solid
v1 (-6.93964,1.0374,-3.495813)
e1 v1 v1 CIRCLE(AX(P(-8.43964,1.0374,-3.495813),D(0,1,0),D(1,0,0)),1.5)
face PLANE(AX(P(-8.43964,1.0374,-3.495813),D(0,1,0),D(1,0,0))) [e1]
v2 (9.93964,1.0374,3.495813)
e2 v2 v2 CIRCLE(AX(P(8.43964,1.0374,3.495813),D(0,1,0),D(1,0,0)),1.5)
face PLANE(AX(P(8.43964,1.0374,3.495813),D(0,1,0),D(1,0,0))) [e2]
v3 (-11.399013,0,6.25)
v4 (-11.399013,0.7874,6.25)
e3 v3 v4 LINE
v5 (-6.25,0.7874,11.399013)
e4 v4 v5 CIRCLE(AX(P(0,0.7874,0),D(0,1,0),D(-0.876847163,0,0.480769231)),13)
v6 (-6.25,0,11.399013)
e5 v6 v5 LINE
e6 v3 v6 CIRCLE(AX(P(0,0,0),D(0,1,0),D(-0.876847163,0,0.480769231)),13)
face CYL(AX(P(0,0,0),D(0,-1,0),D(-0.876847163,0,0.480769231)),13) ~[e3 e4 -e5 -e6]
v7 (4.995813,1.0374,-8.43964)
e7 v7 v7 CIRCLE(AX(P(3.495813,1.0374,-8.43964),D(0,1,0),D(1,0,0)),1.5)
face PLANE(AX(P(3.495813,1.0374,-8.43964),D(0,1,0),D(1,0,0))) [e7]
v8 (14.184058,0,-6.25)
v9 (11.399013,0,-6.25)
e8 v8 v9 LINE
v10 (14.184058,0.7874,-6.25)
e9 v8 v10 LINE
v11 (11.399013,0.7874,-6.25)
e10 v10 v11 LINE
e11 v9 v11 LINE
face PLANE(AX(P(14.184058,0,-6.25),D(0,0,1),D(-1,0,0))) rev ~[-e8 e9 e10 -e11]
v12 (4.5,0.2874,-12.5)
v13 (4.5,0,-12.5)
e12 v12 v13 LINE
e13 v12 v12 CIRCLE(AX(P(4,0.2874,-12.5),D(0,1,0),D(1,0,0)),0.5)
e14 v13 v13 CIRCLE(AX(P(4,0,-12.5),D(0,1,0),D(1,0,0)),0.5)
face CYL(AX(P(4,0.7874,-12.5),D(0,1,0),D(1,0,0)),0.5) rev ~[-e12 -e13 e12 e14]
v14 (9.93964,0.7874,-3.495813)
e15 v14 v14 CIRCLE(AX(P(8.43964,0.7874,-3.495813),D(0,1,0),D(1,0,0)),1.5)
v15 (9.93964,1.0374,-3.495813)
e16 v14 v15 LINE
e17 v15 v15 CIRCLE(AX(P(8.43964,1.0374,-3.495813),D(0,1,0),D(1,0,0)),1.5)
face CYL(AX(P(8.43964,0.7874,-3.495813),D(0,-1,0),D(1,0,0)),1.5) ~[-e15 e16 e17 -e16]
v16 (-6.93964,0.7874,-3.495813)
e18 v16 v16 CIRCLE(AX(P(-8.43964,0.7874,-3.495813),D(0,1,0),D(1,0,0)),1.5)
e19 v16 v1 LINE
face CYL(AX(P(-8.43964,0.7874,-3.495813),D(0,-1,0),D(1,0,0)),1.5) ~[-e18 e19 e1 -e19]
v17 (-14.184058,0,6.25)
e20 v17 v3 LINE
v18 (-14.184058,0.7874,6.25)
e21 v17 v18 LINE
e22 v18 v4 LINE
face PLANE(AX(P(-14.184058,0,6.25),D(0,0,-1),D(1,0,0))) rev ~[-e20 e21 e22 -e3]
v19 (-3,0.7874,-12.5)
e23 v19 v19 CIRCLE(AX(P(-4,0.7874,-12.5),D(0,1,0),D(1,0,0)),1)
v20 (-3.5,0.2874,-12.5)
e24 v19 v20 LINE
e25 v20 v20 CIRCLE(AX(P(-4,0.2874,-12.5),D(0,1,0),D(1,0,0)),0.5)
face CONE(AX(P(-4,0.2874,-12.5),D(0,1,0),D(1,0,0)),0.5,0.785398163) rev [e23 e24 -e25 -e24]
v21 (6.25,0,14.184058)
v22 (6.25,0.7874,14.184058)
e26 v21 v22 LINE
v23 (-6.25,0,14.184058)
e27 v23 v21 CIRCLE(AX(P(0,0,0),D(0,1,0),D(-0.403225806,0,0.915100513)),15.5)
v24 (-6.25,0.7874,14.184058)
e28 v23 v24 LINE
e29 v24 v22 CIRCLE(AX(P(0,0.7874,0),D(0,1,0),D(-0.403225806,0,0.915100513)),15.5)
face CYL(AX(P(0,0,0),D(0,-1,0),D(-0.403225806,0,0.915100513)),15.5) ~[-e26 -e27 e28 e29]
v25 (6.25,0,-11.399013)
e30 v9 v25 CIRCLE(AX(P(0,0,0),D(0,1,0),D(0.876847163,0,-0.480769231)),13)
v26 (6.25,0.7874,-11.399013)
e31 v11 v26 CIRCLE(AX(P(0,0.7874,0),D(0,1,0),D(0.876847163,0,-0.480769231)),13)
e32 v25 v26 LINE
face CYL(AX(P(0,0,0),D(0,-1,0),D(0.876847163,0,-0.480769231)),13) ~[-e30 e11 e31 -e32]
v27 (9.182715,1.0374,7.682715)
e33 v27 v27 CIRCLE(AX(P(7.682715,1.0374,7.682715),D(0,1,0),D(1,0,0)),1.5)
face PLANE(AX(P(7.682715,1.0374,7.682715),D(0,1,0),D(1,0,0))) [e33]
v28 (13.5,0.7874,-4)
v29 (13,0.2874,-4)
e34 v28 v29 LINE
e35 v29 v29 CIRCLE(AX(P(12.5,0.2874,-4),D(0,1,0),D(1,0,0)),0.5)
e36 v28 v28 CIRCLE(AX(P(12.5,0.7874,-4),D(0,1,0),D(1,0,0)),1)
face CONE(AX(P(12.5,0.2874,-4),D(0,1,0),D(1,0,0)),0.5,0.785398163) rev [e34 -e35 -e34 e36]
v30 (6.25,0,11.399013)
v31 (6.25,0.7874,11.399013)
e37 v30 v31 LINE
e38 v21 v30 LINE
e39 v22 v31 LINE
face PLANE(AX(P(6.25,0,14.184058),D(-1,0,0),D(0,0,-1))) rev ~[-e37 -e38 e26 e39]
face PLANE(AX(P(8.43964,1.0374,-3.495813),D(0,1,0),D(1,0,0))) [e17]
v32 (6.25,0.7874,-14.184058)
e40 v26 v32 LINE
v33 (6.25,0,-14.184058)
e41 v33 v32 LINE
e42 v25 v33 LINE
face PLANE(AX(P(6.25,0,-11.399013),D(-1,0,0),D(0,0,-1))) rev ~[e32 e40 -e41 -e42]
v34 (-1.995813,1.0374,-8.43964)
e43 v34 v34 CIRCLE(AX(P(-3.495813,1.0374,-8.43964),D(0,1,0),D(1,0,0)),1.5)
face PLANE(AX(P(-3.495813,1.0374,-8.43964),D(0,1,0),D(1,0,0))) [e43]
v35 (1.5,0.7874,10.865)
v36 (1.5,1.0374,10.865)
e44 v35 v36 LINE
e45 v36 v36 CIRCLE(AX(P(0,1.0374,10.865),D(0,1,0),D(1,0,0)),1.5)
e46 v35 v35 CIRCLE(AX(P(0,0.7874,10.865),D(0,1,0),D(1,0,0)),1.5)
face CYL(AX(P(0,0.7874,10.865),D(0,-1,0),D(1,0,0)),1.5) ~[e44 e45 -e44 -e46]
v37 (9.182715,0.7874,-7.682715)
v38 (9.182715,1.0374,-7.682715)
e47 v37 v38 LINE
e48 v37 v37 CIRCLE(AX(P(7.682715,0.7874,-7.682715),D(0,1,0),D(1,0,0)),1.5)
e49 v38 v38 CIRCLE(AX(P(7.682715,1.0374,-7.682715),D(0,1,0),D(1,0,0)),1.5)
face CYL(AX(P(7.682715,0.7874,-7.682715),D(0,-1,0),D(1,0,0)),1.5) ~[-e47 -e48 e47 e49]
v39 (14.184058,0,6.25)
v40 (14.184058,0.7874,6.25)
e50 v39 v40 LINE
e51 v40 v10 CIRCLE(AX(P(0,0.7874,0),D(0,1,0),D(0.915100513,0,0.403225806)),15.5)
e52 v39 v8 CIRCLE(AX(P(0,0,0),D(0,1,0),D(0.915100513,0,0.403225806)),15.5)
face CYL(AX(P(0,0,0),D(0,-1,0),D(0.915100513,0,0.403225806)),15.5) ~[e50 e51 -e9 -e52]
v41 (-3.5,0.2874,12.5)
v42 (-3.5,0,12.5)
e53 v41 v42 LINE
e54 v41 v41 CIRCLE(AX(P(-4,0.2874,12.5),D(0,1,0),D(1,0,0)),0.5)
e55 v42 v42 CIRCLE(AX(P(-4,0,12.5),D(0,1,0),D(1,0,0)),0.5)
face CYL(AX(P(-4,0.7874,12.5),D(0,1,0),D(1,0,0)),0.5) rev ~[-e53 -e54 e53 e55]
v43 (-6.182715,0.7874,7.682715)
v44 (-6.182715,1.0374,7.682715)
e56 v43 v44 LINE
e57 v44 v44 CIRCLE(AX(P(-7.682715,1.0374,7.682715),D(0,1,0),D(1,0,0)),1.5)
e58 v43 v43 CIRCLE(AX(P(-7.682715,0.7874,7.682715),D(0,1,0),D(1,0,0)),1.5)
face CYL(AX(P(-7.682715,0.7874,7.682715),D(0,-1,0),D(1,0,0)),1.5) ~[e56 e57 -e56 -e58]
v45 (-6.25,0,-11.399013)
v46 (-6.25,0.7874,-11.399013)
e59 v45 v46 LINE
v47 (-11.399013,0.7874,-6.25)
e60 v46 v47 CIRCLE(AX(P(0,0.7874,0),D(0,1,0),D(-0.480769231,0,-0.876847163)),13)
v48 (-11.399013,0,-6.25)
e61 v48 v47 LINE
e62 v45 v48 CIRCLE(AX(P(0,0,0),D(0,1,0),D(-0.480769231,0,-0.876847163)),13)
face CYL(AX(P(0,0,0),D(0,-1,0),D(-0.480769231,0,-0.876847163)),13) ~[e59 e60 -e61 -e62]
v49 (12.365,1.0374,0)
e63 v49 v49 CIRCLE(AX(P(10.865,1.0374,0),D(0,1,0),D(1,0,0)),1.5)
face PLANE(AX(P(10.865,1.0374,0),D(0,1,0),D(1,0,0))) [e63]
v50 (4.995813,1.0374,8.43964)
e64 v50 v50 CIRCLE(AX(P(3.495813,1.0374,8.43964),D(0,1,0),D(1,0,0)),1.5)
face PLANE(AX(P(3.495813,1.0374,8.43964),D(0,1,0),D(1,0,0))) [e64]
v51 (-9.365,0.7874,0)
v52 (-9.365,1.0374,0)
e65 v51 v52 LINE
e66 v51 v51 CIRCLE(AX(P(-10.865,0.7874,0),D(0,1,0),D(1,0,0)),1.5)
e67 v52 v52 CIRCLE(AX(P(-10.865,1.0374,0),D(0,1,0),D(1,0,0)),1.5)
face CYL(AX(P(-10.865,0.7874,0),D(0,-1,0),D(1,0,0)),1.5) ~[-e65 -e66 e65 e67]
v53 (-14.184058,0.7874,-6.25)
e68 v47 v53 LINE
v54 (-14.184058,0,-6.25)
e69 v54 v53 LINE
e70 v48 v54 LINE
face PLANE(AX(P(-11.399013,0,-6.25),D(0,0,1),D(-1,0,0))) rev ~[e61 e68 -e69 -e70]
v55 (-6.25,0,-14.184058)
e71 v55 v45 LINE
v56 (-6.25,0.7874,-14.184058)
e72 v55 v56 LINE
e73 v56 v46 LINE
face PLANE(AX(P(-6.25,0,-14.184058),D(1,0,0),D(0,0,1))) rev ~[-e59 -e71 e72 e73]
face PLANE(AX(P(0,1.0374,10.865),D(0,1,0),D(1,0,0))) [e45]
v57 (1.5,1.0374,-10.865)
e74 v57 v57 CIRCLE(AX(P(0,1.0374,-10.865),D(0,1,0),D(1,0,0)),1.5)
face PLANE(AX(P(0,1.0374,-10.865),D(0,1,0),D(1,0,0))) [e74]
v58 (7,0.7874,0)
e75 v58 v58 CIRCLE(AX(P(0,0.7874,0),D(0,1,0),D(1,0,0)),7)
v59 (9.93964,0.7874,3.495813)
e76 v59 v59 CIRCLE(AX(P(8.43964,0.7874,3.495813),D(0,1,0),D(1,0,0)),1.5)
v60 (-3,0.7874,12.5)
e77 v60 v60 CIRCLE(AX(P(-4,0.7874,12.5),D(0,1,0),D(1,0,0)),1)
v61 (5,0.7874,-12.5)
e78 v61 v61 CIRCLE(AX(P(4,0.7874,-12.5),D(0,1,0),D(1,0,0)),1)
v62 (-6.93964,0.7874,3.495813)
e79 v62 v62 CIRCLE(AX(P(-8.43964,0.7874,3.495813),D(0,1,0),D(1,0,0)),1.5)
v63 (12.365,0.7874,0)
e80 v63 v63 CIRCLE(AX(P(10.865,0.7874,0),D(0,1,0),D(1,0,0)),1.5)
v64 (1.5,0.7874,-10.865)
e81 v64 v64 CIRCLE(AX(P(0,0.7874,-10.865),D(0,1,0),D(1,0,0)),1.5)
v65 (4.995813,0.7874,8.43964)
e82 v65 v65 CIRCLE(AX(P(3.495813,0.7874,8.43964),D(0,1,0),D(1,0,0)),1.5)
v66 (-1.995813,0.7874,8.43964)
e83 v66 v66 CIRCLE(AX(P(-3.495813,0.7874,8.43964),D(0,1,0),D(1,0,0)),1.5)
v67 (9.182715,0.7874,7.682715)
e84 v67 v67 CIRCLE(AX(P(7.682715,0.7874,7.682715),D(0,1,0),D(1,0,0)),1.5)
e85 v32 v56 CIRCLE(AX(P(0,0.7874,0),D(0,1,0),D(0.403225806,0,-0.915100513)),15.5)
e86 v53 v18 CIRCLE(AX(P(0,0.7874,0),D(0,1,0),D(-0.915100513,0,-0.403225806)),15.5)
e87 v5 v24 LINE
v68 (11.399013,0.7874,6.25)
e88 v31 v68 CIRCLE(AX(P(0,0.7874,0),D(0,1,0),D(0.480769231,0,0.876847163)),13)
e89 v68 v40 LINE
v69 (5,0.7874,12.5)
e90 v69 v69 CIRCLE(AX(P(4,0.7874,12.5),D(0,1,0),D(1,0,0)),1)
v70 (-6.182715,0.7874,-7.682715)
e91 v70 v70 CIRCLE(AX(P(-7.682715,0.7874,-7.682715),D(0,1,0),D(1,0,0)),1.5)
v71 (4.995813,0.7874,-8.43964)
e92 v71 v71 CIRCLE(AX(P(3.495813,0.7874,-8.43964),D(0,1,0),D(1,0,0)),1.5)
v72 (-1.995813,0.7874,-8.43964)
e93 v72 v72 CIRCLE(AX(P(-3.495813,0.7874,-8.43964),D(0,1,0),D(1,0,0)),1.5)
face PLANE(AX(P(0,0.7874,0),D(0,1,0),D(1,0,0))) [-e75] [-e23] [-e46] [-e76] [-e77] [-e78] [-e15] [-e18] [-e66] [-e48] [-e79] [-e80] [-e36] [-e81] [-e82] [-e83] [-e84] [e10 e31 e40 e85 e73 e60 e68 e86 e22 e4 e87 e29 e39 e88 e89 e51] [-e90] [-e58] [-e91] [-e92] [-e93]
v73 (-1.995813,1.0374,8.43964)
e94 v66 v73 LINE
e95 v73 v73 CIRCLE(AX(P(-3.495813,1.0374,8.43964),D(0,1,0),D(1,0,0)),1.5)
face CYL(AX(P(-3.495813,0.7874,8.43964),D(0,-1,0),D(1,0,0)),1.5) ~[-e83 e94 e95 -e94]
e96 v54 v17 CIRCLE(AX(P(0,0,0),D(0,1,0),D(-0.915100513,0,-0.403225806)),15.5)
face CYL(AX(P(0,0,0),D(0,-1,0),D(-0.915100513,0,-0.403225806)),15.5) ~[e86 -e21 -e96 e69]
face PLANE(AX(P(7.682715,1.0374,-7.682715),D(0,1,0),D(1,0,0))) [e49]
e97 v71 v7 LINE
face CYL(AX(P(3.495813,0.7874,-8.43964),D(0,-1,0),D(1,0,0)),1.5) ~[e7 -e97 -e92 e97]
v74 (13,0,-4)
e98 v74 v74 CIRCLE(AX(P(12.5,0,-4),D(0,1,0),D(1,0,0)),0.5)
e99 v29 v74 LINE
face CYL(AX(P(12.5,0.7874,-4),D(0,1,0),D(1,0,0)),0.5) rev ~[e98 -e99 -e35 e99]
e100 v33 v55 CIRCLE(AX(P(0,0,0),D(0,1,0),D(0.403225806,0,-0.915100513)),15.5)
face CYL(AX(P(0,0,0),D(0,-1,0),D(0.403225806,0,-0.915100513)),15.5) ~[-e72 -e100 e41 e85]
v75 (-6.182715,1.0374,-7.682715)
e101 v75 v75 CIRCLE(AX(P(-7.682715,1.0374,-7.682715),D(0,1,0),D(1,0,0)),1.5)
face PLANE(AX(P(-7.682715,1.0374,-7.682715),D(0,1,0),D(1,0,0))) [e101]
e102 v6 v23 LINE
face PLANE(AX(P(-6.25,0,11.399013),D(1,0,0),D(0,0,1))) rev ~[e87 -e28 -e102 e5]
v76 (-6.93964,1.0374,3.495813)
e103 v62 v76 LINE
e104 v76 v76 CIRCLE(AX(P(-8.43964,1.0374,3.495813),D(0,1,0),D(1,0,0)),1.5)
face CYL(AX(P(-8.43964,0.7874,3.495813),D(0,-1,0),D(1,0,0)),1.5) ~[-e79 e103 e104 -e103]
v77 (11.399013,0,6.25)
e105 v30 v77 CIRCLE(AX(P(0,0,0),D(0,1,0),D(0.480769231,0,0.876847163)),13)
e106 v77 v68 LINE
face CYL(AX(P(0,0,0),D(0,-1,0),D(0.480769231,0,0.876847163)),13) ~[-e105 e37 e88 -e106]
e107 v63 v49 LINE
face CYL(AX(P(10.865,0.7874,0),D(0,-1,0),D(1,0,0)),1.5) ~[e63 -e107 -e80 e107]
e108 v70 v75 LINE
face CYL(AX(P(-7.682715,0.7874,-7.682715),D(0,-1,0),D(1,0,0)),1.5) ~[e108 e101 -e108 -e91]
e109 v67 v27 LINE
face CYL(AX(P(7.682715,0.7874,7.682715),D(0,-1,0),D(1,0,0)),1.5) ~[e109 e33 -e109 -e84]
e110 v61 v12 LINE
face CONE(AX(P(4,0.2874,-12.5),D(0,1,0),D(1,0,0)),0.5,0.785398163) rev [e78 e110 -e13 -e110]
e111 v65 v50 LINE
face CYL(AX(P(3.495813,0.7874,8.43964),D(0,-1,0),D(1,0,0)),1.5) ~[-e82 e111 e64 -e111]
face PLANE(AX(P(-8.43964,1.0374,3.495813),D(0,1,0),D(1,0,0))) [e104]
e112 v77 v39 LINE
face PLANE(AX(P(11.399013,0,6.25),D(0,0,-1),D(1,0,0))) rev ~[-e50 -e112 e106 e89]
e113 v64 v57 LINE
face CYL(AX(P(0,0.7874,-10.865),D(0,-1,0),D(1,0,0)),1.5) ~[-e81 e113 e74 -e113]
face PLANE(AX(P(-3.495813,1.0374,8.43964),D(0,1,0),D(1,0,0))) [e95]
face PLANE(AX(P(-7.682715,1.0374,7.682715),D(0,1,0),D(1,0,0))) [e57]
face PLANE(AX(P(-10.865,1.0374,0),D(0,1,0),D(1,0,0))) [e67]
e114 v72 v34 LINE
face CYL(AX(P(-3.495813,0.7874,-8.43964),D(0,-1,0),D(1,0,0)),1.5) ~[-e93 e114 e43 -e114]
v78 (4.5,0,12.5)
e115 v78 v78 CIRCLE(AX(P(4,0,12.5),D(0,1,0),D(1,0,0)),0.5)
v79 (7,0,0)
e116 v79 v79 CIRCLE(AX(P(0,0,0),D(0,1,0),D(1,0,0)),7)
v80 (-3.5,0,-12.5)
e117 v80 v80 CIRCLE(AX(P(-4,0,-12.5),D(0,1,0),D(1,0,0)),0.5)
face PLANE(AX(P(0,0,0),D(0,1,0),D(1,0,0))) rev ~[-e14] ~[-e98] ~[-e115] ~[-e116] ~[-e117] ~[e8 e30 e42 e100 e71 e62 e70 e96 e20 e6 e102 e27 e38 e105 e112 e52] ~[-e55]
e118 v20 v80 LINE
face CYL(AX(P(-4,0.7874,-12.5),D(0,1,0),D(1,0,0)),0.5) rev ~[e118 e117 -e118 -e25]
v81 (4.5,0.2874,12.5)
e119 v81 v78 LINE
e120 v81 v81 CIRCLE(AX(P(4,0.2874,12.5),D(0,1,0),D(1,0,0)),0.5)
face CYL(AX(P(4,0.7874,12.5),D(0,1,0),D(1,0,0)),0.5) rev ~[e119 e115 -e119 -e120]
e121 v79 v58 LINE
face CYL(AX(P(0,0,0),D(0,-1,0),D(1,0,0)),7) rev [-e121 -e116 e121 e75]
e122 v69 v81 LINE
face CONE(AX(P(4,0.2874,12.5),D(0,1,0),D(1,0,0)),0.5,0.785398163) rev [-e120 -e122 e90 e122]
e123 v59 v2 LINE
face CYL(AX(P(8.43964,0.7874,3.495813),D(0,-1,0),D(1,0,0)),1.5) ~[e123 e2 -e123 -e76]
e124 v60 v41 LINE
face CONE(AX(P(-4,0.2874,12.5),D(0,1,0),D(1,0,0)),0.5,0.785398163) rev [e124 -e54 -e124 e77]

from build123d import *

# Parameters (mm, degrees)
SKETCH1_R           = 7
BOSS_EXTRUDE1_DEPTH = 0.7874
SKETCH2_R           = 1.5
BOSS_EXTRUDE2_DEPTH = 0.25
SKETCH3_R           = 0.5
CUT_EXTRUDE1_DEPTH  = 1.7874
CHAMFER1_SIZE       = 0.5


with BuildPart() as part:
    # Sketch1 → Boss-Extrude1 (new body)
    with BuildSketch(Plane(origin=(0, 0, 0), x_dir=(1, 0, 0), z_dir=(0, 1, 0))):
        with BuildLine():
            Line((-6.25, 14.184057953), (-6.25, 11.399013115))
            ThreePointArc((-6.25, 11.399013115), (-9.192388155, 9.192388155), (-11.399013115, 6.25))
            Line((-11.399013115, 6.25), (-14.184057953, 6.25))
            ThreePointArc((-14.184057953, 6.25), (-15.5, 0), (-14.184057953, -6.25))
            Line((-14.184057953, -6.25), (-11.399013115, -6.25))
            ThreePointArc((-11.399013115, -6.25), (-9.192388155, -9.192388155), (-6.25, -11.399013115))
            Line((-6.25, -11.399013115), (-6.25, -14.184057953))
            ThreePointArc((-6.25, -14.184057953), (0, -15.5), (6.25, -14.184057953))
            Line((6.25, -14.184057953), (6.25, -11.399013115))
            ThreePointArc((6.25, -11.399013115), (9.192388155, -9.192388155), (11.399013115, -6.25))
            Line((11.399013115, -6.25), (14.184057953, -6.25))
            ThreePointArc((14.184057953, -6.25), (15.5, 0), (14.184057953, 6.25))
            Line((14.184057953, 6.25), (11.399013115, 6.25))
            ThreePointArc((11.399013115, 6.25), (9.192388155, 9.192388155), (6.25, 11.399013115))
            Line((6.25, 11.399013115), (6.25, 14.184057953))
            ThreePointArc((6.25, 14.184057953), (0, 15.5), (-6.25, 14.184057953))
        make_face()
        Circle(SKETCH1_R, mode=Mode.SUBTRACT)
    extrude(amount=BOSS_EXTRUDE1_DEPTH)

    # Sketch2 → Boss-Extrude2 (add)
    with BuildSketch(Plane(origin=(0, 0.7874, 0), x_dir=(1, 0, 0), z_dir=(0, 1, 0))):
        with Locations((0, 10.865)):
            Circle(SKETCH2_R)
        with Locations((-3.495813155, 8.439639529)):
            Circle(SKETCH2_R)
        with Locations((-10.865, 0)):
            Circle(SKETCH2_R)
        with Locations((-8.439639529, 3.495813155)):
            Circle(SKETCH2_R)
        with Locations((-7.682715178, 7.682715178)):
            Circle(SKETCH2_R)
        with Locations((0, -10.865)):
            Circle(SKETCH2_R)
        with Locations((-3.495813155, -8.439639529)):
            Circle(SKETCH2_R)
        with Locations((-7.682715178, -7.682715178)):
            Circle(SKETCH2_R)
        with Locations((-8.439639529, -3.495813155)):
            Circle(SKETCH2_R)
        with Locations((3.495813155, 8.439639529)):
            Circle(SKETCH2_R)
        with Locations((7.682715178, 7.682715178)):
            Circle(SKETCH2_R)
        with Locations((8.439639529, 3.495813155)):
            Circle(SKETCH2_R)
        with Locations((10.865, 0)):
            Circle(SKETCH2_R)
        with Locations((8.439639529, -3.495813155)):
            Circle(SKETCH2_R)
        with Locations((7.682715178, -7.682715178)):
            Circle(SKETCH2_R)
        with Locations((3.495813155, -8.439639529)):
            Circle(SKETCH2_R)
    extrude(amount=BOSS_EXTRUDE2_DEPTH)

    # Sketch3 → Cut-Extrude1 (cut, through all)
    with BuildSketch(Plane(origin=(0, 0.7874, 0), x_dir=(1, 0, 0), z_dir=(0, 1, 0))):
        with Locations((-4, 12.5)):
            Circle(SKETCH3_R)
        with Locations((4, 12.5)):
            Circle(SKETCH3_R)
        with Locations((4, -12.5)):
            Circle(SKETCH3_R)
        with Locations((-4, -12.5)):
            Circle(SKETCH3_R)
        with Locations((12.5, 4)):
            Circle(SKETCH3_R)
    extrude(amount=-CUT_EXTRUDE1_DEPTH, mode=Mode.SUBTRACT)

    # Chamfer1
    chamfer1_edges = [part.edges().sort_by_distance(p)[0] for p in [
        (-4.5, 0.7874, -12.5),
        (3.5, 0.7874, -12.5),
        (3.5, 0.7874, 12.5),
        (-4.5, 0.7874, 12.5),
        (12, 0.7874, -4),
    ]]
    chamfer(chamfer1_edges, length=CHAMFER1_SIZE)


solid = part.part
